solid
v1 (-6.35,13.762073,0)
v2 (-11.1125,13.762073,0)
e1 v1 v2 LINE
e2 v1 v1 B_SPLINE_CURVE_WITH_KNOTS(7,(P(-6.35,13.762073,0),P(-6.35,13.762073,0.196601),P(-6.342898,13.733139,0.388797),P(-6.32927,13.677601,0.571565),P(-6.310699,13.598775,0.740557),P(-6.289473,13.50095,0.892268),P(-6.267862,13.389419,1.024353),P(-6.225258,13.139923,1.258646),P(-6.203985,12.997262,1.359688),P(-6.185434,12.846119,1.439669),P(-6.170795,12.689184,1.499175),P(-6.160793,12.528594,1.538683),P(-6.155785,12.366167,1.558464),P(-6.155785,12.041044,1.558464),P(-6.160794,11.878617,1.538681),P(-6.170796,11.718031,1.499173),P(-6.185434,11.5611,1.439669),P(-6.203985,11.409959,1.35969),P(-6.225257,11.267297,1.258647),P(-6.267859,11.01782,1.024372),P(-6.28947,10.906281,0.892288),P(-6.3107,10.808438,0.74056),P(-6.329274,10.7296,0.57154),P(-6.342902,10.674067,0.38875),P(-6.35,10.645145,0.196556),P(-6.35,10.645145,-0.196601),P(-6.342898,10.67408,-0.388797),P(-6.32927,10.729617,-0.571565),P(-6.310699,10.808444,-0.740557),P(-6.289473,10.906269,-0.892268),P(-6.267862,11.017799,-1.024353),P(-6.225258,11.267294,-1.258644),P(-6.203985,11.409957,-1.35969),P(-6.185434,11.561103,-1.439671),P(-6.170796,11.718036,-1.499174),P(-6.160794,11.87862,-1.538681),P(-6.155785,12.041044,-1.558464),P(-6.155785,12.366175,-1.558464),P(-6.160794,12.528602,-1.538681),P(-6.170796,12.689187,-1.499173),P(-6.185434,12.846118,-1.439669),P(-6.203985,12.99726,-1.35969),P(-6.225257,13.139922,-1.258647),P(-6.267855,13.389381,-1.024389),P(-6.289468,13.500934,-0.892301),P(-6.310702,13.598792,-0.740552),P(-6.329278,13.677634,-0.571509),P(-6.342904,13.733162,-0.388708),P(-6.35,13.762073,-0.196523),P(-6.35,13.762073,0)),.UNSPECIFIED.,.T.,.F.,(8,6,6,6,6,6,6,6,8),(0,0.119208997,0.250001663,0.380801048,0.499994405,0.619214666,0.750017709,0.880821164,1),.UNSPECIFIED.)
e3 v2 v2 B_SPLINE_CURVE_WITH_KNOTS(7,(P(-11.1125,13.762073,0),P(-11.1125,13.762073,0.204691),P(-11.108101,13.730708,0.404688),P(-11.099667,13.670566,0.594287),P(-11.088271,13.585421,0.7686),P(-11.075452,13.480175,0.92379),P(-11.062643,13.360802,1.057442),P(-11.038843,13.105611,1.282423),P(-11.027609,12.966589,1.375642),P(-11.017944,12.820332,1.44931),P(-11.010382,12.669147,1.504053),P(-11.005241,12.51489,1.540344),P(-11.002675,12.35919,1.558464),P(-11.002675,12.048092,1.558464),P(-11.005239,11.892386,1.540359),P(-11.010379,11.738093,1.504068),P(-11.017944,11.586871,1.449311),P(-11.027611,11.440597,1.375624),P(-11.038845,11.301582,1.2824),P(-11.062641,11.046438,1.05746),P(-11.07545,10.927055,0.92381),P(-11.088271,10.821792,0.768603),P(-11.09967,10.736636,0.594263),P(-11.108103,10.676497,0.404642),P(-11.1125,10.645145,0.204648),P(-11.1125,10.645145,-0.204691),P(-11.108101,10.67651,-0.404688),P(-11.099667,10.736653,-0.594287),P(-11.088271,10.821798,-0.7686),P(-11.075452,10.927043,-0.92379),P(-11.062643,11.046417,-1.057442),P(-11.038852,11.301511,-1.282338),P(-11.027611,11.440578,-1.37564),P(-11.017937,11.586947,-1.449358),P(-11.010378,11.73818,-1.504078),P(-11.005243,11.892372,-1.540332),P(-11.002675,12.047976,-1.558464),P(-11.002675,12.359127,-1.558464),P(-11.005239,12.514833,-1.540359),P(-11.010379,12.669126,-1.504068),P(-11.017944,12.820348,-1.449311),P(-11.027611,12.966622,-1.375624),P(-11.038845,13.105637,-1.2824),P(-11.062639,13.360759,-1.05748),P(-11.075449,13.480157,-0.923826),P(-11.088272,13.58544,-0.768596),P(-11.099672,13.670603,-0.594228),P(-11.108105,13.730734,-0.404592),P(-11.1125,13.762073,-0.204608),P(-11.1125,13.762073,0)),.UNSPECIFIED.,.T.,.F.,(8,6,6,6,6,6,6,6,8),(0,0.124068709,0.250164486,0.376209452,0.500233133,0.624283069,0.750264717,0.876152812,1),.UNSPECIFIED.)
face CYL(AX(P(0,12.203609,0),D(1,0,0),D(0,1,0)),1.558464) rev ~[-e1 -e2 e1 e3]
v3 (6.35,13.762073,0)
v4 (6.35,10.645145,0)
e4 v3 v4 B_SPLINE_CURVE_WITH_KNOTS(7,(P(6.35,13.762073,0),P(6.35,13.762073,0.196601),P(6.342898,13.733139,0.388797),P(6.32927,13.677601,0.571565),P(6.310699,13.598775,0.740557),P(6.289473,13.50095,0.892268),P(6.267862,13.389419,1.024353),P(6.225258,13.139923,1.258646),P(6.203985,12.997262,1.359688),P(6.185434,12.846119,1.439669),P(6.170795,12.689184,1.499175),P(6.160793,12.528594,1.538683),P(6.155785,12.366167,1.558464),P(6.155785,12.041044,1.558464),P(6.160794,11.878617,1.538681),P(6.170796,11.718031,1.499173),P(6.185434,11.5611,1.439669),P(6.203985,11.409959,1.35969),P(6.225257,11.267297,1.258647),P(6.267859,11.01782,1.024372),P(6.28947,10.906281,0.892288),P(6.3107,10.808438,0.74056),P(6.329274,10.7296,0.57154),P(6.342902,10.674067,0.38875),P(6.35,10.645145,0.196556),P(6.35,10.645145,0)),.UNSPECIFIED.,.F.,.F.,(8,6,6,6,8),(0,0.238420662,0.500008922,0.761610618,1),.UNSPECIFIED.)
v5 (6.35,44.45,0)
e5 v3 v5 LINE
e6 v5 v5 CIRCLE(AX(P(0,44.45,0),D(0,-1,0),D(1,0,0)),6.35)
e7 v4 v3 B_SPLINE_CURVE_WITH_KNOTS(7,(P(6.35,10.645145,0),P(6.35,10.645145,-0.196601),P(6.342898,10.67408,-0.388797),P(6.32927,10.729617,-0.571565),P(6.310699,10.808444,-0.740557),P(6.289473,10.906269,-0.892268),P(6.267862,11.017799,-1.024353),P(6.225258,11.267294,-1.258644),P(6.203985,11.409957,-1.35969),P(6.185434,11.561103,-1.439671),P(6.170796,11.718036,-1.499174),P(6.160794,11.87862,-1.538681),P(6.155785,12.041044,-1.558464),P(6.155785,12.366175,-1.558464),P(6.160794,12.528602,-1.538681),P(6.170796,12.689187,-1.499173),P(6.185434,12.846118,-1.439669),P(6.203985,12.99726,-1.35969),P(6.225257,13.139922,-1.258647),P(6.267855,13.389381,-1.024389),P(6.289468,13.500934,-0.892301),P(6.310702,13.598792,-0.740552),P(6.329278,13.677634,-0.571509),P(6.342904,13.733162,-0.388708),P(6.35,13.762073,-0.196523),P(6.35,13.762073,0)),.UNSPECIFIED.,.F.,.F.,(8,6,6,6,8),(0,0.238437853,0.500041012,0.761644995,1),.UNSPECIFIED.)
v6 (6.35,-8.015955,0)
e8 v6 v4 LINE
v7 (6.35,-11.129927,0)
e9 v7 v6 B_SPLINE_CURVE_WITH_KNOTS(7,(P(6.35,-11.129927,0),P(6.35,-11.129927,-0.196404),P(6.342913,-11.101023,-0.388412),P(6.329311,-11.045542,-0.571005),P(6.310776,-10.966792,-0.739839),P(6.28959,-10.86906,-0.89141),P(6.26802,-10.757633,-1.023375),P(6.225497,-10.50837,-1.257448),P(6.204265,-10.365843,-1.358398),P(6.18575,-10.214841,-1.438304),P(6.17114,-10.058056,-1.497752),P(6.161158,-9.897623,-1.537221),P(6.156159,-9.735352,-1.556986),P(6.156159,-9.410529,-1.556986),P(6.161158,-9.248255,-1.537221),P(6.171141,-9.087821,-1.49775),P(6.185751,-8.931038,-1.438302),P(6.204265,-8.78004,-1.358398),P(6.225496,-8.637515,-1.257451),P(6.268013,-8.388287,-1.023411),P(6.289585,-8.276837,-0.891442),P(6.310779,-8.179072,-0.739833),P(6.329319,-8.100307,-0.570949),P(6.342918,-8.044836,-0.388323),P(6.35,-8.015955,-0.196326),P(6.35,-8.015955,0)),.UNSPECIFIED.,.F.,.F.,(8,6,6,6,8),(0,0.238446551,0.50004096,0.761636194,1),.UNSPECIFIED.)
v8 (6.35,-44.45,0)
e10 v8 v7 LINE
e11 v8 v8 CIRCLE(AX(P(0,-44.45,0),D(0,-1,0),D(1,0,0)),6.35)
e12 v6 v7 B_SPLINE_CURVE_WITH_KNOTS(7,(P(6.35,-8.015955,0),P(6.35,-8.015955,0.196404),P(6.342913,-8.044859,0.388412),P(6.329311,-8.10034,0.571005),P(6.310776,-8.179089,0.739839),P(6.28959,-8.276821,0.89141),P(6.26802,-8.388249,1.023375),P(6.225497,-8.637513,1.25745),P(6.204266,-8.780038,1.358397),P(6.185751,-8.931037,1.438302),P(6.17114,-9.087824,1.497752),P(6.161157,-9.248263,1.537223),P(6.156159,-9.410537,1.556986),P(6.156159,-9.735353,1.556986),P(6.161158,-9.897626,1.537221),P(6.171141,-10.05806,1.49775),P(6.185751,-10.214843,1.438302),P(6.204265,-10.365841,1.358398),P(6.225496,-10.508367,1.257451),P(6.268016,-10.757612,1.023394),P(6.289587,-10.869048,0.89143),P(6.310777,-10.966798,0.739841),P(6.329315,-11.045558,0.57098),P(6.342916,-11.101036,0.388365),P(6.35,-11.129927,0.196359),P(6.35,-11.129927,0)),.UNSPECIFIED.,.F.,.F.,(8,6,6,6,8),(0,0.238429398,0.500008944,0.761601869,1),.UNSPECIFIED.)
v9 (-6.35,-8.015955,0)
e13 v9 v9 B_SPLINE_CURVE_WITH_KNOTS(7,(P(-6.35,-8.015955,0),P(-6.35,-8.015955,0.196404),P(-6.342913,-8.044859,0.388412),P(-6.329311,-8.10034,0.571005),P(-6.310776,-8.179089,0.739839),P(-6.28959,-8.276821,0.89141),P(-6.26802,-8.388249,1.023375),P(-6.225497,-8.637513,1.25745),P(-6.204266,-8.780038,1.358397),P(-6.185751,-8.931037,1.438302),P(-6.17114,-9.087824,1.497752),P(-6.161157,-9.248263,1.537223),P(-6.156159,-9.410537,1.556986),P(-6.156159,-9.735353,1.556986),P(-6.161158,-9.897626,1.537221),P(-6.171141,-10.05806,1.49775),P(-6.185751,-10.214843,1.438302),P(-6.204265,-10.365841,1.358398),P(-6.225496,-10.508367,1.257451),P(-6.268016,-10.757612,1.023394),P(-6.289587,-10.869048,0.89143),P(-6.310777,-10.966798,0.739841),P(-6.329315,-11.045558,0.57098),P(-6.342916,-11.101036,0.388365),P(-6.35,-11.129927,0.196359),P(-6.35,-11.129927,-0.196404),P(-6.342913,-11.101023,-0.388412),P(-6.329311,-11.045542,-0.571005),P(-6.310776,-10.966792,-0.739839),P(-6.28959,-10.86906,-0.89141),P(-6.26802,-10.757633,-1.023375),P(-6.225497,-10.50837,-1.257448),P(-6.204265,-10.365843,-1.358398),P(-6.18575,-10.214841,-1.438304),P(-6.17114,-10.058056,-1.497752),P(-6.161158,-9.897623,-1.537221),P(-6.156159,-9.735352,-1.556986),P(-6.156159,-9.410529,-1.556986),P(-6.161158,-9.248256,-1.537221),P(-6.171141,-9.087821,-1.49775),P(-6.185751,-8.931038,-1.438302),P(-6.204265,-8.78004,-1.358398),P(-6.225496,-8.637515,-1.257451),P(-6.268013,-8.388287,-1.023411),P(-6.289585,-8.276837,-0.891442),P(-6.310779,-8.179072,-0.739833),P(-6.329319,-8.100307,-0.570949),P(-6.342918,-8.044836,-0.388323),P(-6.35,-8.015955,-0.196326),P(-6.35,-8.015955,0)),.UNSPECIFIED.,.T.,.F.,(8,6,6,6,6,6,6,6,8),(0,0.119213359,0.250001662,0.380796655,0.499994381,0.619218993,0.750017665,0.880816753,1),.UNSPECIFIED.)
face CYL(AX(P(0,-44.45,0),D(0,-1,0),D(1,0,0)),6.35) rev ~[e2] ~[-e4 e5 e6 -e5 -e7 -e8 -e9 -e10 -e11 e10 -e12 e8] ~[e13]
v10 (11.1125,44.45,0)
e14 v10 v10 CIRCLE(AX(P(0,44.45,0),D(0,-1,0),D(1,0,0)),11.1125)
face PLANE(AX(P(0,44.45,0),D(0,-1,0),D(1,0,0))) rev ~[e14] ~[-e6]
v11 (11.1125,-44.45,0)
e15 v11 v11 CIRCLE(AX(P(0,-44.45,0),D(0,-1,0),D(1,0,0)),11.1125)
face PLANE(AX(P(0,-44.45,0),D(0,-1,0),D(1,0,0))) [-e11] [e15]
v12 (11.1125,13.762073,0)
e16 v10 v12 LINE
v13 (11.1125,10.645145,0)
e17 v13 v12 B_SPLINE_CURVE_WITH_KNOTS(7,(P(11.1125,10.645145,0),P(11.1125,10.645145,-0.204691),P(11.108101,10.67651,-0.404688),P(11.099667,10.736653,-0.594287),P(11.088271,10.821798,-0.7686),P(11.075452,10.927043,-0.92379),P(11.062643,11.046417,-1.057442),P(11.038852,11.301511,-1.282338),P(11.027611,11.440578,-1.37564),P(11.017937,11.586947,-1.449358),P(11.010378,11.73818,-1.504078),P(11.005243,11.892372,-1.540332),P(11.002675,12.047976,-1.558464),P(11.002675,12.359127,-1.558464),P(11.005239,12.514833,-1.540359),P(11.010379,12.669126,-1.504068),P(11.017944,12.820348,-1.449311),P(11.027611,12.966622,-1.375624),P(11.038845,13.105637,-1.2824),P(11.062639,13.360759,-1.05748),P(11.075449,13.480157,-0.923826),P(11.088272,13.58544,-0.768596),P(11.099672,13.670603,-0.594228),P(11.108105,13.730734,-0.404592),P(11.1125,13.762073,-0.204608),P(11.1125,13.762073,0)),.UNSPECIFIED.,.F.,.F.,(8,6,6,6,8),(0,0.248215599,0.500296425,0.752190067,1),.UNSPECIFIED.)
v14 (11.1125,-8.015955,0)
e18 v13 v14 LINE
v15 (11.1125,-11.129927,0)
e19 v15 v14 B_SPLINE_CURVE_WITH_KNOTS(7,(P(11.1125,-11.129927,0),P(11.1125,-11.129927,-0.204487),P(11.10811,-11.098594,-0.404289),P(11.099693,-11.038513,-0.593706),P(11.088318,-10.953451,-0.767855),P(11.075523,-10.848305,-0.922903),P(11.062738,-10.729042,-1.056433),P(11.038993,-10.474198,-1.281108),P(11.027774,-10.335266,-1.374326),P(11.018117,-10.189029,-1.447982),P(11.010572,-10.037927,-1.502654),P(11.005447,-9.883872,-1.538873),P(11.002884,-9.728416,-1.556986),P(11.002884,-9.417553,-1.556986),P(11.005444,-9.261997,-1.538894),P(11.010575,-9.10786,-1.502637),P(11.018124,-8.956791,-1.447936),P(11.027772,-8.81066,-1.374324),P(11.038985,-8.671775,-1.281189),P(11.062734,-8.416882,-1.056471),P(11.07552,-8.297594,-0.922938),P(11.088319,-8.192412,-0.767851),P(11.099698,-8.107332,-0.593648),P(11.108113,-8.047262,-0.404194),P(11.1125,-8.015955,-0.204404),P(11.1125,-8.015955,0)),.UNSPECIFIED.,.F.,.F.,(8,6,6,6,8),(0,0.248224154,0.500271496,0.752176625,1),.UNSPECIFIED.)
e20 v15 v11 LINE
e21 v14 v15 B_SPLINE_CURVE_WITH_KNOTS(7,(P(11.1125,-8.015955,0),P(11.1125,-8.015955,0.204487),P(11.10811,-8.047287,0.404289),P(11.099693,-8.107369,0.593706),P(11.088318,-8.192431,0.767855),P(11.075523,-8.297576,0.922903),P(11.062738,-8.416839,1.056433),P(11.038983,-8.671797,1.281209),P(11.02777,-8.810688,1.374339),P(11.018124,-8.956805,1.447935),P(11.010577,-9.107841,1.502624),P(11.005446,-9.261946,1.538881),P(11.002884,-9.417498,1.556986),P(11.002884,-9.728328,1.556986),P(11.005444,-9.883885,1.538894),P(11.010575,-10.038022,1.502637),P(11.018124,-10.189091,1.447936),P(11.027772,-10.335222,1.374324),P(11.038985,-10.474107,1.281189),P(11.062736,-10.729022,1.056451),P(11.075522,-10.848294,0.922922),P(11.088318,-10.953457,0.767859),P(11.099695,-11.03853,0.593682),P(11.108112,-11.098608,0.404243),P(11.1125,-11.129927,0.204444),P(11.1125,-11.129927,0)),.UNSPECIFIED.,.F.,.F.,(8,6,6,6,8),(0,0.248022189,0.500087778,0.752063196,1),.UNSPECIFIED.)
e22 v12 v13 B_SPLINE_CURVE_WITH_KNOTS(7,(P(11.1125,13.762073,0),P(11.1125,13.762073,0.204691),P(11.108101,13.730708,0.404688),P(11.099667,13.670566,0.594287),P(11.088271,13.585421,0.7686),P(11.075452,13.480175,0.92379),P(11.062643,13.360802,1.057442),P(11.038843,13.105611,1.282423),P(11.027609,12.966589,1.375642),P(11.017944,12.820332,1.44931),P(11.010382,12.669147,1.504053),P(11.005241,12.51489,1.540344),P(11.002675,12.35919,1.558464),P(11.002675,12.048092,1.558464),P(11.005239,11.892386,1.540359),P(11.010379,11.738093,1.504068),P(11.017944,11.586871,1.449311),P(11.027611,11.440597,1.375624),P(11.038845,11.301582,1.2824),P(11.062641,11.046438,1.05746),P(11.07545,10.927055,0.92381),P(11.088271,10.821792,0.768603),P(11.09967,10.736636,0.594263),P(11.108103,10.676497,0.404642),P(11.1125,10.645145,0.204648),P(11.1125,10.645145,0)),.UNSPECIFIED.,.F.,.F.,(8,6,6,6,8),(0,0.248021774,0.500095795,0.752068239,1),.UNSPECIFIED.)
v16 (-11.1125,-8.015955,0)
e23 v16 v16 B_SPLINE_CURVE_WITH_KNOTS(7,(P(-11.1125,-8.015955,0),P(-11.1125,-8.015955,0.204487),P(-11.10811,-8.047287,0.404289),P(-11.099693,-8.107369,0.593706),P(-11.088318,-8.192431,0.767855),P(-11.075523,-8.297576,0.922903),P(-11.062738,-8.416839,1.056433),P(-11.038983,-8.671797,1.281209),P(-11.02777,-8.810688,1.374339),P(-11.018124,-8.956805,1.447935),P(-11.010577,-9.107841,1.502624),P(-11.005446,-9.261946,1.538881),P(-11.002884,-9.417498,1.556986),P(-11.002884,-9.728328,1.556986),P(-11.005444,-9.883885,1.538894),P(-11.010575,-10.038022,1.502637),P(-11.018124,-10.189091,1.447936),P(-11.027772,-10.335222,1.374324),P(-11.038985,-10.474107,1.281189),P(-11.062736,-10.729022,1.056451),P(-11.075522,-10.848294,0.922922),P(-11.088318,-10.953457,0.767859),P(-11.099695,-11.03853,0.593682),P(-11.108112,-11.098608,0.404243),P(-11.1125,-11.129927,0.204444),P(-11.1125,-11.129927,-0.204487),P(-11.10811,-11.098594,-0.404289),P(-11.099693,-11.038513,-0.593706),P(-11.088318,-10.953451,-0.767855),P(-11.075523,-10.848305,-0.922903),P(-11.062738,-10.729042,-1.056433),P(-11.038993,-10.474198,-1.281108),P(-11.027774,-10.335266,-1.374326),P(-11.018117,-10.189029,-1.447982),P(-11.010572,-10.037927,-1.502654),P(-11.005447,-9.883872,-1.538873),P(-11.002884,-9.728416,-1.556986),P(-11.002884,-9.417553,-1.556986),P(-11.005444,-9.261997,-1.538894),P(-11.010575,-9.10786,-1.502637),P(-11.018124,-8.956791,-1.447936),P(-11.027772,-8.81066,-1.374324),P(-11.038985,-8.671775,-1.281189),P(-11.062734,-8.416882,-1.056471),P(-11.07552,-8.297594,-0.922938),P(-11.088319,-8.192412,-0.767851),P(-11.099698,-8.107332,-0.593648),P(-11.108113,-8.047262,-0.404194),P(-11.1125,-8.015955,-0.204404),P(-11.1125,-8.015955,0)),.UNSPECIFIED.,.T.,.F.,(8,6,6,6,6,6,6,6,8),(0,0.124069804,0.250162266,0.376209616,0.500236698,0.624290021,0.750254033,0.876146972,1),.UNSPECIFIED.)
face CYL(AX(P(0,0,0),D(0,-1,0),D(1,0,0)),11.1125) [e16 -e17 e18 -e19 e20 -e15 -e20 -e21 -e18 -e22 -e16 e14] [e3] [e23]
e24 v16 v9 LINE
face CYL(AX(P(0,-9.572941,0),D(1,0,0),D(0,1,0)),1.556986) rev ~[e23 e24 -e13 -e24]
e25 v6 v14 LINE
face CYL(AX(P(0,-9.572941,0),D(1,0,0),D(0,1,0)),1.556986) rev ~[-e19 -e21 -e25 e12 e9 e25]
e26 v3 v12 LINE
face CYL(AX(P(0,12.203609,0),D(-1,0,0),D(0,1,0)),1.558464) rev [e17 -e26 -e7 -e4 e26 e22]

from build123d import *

# Parameters (mm, degrees)
F0_R     = 11.1125
F1_DEPTH = 44.45
F2_R     = 6.35
F3_DEPTH = 88.9
F4_R     = 1.5584639764
F4_R_2   = 1.5569858866
F5_DEPTH = 12.7
F6_DEPTH = 12.7


with BuildPart() as f1:
    # F0 (on Front) → F1 (new body, symmetric)
    with BuildSketch(Plane.XZ):
        Circle(F0_R)
    extrude(amount=F1_DEPTH, both=True)

    # F2 (on face) → F3 (cut)
    with BuildSketch(Plane.XZ.offset(44.45)):
        Circle(F2_R)
    extrude(amount=-F3_DEPTH, mode=Mode.SUBTRACT)

    # F4 (on Right) → F5 (cut, symmetric)
    with BuildSketch(Plane.YZ):
        with Locations((12.2036093806, 0)):
            Circle(F4_R)
        with Locations((-9.5729407563, 0)):
            Circle(F4_R_2)
    extrude(amount=F5_DEPTH, both=True, mode=Mode.SUBTRACT)

    # F4 (on Right) → F6 (cut, symmetric)
    with BuildSketch(Plane.YZ):
        with Locations((12.2036093806, 0)):
            Circle(F4_R)
        with Locations((-9.5729407563, 0)):
            Circle(F4_R_2)
    extrude(amount=F6_DEPTH, both=True, mode=Mode.SUBTRACT)


solid = f1.part
